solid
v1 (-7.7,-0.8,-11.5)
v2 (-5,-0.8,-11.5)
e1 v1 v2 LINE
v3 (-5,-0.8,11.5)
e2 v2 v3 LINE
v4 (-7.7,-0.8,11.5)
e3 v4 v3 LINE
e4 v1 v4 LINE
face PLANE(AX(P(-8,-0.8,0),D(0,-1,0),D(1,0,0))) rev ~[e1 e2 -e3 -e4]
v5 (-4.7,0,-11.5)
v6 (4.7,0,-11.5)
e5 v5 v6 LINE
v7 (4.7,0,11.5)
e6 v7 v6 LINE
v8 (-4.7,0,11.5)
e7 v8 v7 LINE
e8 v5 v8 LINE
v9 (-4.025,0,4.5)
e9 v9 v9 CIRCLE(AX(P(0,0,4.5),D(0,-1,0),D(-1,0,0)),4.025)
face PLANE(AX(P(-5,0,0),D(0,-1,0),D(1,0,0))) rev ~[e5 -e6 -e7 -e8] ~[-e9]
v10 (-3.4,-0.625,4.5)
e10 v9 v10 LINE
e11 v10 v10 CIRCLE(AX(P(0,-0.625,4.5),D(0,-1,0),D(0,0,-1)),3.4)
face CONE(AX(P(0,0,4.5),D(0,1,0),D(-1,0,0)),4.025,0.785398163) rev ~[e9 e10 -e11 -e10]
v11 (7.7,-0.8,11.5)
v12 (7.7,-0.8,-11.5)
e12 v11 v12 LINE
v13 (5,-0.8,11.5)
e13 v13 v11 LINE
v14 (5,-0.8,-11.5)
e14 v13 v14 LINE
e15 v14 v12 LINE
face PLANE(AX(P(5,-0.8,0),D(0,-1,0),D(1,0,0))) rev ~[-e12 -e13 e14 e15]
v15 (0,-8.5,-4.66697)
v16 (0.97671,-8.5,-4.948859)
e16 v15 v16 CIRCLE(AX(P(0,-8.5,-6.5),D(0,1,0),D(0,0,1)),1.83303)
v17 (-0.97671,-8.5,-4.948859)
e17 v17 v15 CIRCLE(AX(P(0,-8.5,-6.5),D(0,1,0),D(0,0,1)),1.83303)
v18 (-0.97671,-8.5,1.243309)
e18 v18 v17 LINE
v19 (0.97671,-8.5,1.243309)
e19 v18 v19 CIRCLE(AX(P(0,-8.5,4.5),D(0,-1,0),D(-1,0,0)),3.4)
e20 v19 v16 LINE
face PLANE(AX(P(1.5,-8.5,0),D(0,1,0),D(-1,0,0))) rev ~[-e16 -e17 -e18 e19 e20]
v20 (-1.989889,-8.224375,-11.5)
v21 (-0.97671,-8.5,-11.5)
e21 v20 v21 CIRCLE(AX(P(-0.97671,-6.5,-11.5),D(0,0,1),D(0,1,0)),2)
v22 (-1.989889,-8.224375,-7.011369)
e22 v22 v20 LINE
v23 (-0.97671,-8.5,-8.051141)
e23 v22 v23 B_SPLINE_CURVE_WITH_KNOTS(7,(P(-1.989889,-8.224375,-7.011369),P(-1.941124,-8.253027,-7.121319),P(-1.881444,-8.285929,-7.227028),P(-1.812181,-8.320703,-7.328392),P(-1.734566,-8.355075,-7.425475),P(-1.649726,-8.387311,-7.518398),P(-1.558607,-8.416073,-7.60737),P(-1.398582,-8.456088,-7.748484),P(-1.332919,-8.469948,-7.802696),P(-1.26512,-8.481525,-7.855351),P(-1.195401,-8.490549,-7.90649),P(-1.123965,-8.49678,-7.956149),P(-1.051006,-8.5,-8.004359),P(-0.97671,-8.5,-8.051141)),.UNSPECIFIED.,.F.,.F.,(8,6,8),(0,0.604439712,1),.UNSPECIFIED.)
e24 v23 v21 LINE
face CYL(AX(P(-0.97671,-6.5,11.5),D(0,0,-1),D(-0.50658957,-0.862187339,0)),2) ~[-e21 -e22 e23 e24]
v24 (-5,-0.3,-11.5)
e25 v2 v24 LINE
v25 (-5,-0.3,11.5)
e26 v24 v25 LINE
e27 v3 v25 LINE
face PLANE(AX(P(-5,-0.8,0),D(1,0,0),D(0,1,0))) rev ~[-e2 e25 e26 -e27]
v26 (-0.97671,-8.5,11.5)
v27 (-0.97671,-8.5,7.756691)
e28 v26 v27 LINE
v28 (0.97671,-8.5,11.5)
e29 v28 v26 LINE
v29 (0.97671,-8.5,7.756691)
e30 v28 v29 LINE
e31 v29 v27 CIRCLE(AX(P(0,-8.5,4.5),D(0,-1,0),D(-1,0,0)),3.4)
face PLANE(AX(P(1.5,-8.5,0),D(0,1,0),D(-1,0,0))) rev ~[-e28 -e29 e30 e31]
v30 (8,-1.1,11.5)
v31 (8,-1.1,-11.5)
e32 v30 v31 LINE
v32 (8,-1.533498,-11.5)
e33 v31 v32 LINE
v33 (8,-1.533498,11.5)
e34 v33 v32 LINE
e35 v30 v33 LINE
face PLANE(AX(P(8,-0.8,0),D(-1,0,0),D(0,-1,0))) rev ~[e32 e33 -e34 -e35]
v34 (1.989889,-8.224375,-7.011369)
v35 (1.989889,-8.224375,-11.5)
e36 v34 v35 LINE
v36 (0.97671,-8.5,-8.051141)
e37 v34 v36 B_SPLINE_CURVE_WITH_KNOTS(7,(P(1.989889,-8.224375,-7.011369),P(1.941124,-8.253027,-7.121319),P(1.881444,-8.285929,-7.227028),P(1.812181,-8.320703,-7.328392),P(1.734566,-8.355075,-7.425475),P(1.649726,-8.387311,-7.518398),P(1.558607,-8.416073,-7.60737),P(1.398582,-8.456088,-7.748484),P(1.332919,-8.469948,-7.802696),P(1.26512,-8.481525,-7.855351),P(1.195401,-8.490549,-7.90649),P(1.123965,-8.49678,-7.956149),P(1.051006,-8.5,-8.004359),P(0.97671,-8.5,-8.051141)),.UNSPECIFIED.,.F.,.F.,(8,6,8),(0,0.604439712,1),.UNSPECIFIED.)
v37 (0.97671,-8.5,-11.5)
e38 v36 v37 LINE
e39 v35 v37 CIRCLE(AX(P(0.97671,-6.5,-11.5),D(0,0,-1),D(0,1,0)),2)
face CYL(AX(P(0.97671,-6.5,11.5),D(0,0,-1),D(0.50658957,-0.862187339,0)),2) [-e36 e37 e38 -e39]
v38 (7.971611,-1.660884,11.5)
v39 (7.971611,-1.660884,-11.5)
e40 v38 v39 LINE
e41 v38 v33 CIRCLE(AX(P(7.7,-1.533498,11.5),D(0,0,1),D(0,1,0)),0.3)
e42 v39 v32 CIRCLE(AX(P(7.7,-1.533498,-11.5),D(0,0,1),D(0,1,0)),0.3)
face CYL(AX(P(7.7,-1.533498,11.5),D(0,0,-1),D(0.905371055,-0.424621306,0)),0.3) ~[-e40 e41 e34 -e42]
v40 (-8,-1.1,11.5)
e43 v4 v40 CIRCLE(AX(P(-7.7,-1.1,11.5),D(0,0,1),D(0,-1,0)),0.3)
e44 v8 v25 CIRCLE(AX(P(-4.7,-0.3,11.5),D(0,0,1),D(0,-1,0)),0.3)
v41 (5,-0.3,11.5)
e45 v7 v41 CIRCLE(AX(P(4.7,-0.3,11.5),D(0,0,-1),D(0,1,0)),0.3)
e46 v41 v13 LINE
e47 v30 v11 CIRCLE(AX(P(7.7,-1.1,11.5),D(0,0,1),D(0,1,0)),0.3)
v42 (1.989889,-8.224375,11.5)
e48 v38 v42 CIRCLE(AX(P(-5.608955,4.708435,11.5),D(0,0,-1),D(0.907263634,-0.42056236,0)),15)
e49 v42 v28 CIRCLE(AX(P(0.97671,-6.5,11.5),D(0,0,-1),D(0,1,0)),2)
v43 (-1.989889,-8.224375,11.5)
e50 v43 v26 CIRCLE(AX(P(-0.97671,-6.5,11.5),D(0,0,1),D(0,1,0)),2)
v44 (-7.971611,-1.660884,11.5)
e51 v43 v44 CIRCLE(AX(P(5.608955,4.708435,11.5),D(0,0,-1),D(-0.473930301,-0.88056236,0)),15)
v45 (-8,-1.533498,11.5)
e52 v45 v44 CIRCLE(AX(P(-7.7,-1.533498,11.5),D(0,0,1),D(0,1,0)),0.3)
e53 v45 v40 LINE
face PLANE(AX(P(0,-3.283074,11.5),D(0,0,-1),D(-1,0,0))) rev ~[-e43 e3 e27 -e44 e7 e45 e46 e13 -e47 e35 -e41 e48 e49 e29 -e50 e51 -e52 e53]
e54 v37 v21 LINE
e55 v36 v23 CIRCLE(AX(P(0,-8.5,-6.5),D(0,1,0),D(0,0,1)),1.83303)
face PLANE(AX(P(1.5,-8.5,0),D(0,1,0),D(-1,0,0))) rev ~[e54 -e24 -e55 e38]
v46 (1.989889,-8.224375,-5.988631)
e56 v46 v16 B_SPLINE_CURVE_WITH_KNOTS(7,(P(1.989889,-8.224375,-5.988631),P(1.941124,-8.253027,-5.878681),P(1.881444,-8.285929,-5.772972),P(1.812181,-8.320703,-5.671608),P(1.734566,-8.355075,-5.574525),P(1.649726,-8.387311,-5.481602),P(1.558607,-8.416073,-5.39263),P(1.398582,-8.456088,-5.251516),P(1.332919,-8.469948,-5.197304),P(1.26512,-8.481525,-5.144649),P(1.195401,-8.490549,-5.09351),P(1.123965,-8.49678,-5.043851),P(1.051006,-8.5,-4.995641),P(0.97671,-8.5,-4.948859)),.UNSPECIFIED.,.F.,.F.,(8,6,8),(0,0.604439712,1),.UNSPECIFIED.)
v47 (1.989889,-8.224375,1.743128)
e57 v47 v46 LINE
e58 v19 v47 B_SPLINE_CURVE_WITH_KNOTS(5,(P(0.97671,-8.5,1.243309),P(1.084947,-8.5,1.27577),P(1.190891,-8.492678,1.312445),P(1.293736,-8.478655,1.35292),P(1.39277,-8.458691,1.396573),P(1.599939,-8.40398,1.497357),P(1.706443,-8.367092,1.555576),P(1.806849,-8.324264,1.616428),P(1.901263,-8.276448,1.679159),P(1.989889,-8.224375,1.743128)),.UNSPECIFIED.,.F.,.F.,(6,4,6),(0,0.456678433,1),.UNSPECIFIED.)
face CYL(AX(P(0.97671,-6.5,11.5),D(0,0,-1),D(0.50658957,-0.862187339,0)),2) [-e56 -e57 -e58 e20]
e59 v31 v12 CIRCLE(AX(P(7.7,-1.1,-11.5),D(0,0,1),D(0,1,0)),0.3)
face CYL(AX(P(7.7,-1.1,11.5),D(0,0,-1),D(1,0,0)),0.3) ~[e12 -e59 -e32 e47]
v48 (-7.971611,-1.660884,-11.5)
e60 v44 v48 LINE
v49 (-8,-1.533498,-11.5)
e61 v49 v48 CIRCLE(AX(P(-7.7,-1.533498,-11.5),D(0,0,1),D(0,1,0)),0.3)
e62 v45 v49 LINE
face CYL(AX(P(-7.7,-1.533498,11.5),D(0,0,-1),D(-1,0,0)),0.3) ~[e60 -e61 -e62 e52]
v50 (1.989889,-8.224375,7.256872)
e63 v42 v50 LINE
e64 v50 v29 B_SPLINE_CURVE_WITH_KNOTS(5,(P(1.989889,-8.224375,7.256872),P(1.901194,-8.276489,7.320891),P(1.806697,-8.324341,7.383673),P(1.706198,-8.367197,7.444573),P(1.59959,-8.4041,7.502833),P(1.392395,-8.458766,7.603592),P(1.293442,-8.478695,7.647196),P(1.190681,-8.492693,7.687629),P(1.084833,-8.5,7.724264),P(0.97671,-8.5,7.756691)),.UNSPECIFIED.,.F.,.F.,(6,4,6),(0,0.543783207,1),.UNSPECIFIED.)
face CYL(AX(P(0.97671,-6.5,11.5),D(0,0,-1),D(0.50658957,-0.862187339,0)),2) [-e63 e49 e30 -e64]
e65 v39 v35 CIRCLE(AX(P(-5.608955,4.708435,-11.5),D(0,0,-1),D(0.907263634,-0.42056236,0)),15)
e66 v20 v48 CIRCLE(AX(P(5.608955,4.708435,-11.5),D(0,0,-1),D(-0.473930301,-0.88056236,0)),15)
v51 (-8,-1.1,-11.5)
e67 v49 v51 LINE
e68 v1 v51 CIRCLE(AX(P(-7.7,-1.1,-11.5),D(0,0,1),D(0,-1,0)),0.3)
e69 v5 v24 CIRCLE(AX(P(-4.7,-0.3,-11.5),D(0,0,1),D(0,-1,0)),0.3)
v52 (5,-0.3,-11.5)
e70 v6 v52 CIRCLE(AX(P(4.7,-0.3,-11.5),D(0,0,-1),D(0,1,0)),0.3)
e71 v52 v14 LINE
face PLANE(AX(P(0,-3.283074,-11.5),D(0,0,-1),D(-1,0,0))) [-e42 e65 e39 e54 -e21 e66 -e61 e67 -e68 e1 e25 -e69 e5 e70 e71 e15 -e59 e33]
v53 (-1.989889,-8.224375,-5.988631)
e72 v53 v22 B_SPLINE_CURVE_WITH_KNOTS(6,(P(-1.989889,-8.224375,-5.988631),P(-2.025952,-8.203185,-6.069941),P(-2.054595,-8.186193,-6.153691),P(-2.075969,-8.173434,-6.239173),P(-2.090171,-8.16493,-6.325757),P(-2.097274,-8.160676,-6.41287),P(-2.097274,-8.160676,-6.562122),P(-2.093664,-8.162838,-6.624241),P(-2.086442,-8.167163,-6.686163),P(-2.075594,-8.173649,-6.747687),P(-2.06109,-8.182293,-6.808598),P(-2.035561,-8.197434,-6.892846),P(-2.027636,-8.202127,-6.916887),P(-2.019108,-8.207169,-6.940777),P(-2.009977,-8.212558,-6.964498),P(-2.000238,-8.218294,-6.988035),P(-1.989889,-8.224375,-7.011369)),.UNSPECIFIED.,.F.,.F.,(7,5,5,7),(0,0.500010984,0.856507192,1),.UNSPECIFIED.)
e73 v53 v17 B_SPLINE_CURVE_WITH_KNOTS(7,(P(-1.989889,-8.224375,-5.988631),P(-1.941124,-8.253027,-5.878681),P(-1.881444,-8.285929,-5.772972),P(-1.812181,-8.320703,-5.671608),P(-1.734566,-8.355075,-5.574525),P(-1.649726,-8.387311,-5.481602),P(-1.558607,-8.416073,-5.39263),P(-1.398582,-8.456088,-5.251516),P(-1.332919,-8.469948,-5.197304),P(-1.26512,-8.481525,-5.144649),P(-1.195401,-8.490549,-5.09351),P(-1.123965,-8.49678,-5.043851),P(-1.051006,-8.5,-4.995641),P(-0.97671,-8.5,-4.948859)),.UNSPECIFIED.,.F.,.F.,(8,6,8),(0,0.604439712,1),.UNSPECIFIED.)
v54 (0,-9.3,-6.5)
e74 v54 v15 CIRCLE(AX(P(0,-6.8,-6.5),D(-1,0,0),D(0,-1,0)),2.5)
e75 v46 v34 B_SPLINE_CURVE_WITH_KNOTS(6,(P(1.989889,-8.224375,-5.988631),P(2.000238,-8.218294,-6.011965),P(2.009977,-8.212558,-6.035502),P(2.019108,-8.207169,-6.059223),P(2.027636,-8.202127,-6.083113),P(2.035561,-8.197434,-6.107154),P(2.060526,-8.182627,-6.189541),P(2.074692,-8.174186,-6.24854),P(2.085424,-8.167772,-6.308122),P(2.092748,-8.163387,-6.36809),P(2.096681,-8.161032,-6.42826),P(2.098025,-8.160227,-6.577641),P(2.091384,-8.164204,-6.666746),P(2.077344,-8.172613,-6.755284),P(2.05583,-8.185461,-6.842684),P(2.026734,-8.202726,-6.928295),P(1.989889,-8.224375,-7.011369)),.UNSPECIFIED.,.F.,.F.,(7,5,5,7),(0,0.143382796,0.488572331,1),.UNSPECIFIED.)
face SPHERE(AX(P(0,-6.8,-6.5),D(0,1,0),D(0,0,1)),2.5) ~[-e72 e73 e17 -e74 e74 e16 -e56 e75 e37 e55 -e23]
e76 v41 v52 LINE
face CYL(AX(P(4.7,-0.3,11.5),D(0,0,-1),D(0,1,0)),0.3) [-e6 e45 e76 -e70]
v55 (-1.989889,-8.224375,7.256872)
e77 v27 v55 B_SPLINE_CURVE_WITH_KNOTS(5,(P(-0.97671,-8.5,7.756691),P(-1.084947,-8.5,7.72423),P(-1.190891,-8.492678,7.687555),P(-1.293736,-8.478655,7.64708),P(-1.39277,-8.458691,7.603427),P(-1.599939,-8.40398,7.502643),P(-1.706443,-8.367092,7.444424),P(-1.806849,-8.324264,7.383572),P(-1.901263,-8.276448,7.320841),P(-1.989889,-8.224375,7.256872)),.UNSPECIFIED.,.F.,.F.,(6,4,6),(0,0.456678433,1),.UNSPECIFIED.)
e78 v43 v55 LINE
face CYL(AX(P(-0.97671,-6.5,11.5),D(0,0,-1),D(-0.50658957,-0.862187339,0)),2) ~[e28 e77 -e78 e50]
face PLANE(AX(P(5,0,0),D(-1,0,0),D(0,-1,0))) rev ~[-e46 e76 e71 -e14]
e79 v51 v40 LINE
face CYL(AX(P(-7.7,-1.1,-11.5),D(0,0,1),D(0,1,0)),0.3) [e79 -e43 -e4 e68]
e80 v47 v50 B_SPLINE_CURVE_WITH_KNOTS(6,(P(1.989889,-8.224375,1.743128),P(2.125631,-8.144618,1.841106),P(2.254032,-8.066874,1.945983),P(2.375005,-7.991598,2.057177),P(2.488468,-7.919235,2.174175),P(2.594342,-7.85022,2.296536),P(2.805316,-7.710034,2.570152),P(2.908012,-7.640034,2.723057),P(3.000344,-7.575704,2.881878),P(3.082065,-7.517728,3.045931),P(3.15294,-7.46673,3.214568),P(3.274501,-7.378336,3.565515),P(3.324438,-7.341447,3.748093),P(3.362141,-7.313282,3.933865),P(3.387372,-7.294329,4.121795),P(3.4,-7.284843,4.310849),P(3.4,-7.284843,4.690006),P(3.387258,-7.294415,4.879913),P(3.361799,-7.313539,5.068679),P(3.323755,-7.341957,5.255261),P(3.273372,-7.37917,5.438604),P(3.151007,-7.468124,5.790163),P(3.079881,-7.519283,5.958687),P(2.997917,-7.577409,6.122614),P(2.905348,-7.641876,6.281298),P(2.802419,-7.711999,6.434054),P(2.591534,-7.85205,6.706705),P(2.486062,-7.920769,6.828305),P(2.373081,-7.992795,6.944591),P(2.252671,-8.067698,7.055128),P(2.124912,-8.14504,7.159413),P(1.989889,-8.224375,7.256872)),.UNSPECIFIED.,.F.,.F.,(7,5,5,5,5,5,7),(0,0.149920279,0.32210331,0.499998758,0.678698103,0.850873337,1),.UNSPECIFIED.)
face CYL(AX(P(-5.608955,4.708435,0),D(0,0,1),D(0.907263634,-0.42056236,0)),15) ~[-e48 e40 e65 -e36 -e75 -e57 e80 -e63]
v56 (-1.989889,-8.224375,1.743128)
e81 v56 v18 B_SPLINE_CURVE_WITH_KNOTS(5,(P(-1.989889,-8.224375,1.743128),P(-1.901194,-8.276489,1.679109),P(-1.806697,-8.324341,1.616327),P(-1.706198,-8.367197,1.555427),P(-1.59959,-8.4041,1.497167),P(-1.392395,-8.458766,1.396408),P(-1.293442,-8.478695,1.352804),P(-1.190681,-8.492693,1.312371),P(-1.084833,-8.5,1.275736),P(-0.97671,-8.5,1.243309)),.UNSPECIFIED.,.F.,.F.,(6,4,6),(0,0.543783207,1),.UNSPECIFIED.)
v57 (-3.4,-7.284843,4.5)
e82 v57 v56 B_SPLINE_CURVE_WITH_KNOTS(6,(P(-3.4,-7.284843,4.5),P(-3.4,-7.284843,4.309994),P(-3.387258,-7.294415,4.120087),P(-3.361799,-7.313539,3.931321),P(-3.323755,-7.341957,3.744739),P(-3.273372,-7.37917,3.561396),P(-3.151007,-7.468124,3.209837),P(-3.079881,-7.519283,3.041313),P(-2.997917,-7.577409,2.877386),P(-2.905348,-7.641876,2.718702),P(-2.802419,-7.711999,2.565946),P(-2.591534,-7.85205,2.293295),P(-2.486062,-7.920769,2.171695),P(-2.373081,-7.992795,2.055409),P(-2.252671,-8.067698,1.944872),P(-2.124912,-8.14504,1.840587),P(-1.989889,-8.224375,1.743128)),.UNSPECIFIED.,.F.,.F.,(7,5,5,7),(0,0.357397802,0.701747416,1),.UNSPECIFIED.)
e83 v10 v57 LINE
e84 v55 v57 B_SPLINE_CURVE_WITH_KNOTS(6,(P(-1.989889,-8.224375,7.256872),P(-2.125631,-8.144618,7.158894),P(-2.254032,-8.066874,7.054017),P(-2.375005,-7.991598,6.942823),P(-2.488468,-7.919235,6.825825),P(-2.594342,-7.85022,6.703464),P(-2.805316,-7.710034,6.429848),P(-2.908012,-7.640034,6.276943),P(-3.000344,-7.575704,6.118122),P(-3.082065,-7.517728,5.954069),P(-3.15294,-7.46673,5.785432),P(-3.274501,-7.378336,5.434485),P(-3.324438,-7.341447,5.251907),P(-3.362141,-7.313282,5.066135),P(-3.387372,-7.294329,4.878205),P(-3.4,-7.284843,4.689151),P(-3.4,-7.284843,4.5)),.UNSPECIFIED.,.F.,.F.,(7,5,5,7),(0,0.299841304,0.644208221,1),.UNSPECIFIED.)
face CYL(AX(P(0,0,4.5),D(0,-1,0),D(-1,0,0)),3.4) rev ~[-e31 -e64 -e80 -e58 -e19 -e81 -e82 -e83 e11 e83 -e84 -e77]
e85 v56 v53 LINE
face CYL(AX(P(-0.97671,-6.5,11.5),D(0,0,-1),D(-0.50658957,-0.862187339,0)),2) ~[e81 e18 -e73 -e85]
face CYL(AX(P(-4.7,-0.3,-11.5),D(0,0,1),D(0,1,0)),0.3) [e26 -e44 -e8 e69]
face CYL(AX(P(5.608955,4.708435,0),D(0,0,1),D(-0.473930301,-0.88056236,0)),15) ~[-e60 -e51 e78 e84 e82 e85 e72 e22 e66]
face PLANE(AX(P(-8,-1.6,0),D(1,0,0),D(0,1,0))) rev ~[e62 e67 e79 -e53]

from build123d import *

# Parameters (mm, degrees)
EXTRUDE_1_DEPTH             = 11.5
FILLET_1_R                  = 0.3
FILLET_2_R                  = 2
HOLE_WIZARD_M83_D           = 6.8
HOLE_WIZARD_M83_CSINK_D     = 8.05
HOLE_WIZARD_M83_CSINK_ANGLE = 90


with BuildPart() as part:
    # Эскиз1 → Бобышка-Вытянуть1 (new body, symmetric)
    with BuildSketch(Plane.XY):
        with BuildLine():
            Line((-5, 0), (5, 0))
            Line((5, 0), (5, -0.8))
            Line((5, -0.8), (8, -0.8))
            Line((8, -0.8), (8, -1.6))
            ThreePointArc((8, -1.6), (5.309398779, -5.576969864), (1.5, -8.5))
            Line((1.5, -8.5), (-1.5, -8.5))
            ThreePointArc((-1.5, -8.5), (-5.309398779, -5.576969864), (-8, -1.6))
            Line((-8, -1.6), (-8, -0.8))
            Line((-8, -0.8), (-5, -0.8))
            Line((-5, -0.8), (-5, 0))
        make_face()
    extrude(amount=EXTRUDE_1_DEPTH, both=True)

    # Скругление1
    fillet_1_edges = [part.edges().sort_by_distance(p)[0] for p in [
        (8, -0.8, 0),
        (8, -1.6, 0),
        (-8, -1.6, 0),
        (-8, -0.8, 0),
        (-5, 0, 0),
        (5, 0, 0),
    ]]
    fillet(fillet_1_edges, radius=FILLET_1_R)

    # Скругление2
    fillet_2_edges = [part.edges().sort_by_distance(p)[0] for p in [
        (1.5, -8.5, 0),
        (-1.5, -8.5, 0),
    ]]
    fillet(fillet_2_edges, radius=FILLET_2_R)

    # Отверстие обработанное метчиком M83 (through all)
    with Locations(Plane(origin=(0, 0, 0), x_dir=(1, 0, 0), z_dir=(0, 1, 0))):
        with Locations((0, -4.5)):
            CounterSinkHole(HOLE_WIZARD_M83_D / 2, HOLE_WIZARD_M83_CSINK_D / 2, counter_sink_angle=HOLE_WIZARD_M83_CSINK_ANGLE)

    # Эскиз5 → Повернуть1 (revolve)
    with BuildSketch(Plane(origin=(0, 0, 0), x_dir=(0, 0, -1), z_dir=(1, 0, 0))):
        with BuildLine():
            Line((6.5, -4.3), (6.5, -9.3))
            ThreePointArc((6.5, -9.3), (4, -6.8), (6.5, -4.3))
        make_face()
    revolve(axis=Axis((0, -4.3, -6.5), (0, -1, 0)))


solid = part.part
